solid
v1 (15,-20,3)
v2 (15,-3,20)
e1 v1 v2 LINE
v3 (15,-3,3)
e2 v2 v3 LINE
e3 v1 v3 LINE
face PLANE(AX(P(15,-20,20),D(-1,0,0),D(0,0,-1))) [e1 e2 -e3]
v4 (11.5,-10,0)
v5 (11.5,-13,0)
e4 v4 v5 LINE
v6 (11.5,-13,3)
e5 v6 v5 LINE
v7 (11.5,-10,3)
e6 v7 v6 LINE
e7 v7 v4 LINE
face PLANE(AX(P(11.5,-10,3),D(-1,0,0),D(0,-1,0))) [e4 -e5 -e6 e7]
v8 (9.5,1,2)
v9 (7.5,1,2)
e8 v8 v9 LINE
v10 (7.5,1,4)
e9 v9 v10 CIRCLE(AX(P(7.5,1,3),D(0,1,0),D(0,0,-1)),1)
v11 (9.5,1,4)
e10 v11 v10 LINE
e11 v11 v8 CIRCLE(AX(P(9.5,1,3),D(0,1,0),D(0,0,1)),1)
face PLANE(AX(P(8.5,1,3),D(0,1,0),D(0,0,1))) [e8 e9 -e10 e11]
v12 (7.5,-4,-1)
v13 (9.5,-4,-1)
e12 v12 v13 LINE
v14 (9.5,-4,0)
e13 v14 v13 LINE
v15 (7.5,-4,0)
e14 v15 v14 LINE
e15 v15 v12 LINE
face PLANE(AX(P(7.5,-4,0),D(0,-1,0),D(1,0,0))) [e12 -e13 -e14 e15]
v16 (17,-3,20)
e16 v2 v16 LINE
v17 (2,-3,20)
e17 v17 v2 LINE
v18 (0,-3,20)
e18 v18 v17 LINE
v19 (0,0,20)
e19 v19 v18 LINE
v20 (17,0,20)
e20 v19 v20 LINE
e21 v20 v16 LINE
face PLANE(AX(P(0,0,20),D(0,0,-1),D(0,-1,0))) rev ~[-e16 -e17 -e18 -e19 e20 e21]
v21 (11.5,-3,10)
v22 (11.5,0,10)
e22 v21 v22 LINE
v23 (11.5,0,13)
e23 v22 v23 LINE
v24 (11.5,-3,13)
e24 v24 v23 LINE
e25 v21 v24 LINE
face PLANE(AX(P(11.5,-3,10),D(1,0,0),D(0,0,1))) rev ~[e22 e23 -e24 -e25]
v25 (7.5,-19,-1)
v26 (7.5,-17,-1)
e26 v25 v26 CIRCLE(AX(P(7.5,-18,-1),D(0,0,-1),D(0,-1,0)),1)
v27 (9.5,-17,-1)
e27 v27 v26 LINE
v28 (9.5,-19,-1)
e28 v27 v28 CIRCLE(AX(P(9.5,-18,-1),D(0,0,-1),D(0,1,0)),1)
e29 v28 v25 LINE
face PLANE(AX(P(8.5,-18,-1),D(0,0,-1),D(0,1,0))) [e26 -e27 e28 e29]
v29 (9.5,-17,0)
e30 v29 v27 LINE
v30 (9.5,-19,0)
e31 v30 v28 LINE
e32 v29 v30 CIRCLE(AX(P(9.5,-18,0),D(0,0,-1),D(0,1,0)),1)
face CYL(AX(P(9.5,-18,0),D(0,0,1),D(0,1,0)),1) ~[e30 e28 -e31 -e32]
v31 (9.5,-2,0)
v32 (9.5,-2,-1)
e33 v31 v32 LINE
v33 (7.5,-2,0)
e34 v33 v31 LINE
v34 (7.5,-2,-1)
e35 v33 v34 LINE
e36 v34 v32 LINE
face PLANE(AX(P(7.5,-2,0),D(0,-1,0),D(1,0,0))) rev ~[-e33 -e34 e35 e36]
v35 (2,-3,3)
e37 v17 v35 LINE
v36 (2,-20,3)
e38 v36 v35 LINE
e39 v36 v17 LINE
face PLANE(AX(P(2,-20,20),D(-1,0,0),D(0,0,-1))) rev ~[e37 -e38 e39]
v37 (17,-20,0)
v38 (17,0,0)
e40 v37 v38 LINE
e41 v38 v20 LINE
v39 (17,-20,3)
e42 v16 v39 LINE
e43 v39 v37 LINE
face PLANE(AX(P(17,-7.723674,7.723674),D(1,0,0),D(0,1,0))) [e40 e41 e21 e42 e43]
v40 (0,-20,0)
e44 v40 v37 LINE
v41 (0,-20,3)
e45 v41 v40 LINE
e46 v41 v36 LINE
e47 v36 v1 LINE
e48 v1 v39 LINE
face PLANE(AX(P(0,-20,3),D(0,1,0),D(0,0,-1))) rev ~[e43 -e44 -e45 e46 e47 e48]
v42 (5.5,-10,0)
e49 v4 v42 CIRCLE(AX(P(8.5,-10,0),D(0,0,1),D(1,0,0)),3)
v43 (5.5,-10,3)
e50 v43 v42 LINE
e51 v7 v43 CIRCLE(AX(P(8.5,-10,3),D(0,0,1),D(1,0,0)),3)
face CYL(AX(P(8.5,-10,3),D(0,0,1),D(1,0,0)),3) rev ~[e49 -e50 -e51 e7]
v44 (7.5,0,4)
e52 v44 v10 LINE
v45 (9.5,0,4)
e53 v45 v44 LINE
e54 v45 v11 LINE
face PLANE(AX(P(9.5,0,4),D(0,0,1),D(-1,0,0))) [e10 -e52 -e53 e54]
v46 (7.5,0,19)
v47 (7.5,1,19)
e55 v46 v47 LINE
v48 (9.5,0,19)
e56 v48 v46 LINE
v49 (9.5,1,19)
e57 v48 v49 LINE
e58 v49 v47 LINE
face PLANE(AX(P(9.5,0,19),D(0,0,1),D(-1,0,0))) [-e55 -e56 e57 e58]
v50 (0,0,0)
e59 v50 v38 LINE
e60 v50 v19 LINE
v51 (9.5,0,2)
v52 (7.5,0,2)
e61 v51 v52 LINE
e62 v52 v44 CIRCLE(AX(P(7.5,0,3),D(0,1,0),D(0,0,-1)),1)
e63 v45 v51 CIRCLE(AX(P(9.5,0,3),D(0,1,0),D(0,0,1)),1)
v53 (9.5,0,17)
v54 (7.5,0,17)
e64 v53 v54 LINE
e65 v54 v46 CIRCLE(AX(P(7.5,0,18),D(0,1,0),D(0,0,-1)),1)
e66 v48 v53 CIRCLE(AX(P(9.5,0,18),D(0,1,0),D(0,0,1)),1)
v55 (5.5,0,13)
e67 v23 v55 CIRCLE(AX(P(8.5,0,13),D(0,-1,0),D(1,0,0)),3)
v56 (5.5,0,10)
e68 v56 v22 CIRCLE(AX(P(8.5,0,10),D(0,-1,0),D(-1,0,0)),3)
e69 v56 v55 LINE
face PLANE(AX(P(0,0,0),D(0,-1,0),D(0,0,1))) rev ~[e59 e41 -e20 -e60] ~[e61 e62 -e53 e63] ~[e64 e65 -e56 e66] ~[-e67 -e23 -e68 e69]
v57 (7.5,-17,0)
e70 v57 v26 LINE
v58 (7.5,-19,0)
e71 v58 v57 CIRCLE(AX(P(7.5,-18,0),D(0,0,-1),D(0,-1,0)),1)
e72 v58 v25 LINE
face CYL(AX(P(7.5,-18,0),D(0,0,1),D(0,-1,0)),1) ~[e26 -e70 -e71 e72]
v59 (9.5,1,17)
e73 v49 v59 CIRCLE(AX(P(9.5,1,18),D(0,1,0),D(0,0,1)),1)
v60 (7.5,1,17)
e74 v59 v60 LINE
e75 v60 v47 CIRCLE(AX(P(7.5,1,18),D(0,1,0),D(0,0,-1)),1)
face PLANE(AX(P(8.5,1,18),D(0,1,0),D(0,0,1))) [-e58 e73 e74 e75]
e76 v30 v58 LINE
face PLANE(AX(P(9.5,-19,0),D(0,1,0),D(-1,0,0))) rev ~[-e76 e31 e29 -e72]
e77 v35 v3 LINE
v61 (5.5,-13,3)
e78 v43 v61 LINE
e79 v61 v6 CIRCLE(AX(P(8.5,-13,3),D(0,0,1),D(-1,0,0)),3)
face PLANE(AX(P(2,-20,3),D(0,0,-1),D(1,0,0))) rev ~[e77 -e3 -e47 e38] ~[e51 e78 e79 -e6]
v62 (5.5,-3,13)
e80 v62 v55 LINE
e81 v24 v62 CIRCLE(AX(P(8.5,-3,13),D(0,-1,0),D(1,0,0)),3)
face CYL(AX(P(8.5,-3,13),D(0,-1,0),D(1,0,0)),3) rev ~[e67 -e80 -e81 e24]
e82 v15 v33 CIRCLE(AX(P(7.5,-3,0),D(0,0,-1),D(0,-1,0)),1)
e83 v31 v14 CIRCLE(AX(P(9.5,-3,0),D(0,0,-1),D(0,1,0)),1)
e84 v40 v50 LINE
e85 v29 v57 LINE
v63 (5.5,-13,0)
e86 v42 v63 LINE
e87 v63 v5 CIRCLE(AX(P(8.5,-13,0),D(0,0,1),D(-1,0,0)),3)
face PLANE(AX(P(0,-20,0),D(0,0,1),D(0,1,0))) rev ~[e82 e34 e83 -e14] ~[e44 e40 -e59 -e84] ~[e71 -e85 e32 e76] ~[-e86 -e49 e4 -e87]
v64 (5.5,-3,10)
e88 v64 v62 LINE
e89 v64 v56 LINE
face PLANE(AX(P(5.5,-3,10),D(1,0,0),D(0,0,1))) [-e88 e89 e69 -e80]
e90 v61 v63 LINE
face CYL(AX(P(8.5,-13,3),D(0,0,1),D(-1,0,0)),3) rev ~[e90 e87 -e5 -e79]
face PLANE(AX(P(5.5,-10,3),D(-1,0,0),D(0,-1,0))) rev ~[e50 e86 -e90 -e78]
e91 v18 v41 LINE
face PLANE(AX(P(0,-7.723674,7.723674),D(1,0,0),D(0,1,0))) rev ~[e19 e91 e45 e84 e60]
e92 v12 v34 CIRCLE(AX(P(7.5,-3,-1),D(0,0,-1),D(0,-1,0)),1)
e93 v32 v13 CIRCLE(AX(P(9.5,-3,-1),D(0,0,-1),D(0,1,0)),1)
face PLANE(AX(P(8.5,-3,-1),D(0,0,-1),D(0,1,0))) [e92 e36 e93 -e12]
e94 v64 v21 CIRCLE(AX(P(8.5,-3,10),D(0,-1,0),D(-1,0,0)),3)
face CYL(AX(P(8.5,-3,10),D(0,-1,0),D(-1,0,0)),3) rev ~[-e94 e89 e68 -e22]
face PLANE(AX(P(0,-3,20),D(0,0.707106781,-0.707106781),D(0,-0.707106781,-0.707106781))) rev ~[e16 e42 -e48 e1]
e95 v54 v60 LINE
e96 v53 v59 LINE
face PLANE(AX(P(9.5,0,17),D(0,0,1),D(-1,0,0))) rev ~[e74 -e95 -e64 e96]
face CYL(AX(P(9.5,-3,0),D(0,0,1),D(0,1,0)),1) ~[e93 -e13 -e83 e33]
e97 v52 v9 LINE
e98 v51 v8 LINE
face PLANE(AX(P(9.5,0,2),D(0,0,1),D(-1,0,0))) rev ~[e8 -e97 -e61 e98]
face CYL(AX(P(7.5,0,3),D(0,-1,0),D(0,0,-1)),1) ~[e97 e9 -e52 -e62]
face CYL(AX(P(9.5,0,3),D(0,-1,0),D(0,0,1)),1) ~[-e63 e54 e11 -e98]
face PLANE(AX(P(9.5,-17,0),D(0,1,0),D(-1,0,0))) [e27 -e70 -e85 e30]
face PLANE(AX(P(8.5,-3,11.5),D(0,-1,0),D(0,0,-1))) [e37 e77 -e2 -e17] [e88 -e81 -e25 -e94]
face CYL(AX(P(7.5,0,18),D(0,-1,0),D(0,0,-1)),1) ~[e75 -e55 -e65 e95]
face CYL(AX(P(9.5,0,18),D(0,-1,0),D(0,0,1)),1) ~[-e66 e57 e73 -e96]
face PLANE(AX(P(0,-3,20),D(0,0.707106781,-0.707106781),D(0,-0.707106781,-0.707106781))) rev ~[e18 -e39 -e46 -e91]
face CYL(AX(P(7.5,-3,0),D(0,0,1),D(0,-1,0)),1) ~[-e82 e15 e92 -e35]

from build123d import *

# Parameters (mm, degrees)
PAD_DEPTH       = 17
SKETCH001_W     = 17
SKETCH001_H     = 13
POCKET_DEPTH    = 17
POCKET001_DEPTH = 3
POCKET002_DEPTH = 3
PAD001_DEPTH    = 1
PAD002_DEPTH    = 1


with BuildPart() as part:
    # Sketch → Pad (new body)
    with BuildSketch(Plane.YZ):
        Polygon((0, 0), (0, 20), (-3, 20), (-20, 3), (-20, 0), align=None)
    extrude(amount=PAD_DEPTH)

    # Sketch001 (on Face4 of Pad) → Pocket (cut)
    with BuildSketch(Plane(origin=(0, -20, 0), x_dir=(0, 0, -1), z_dir=(0, -1, 0))):
        with Locations((-11.5, 8.5)):
            Rectangle(SKETCH001_W, SKETCH001_H)
    extrude(amount=-POCKET_DEPTH, mode=Mode.SUBTRACT)

    # Sketch002 (on Face8 of Pocket) → Pocket001 (cut)
    with BuildSketch(Plane(origin=(0, -3, 0), x_dir=(0, 0, -1), z_dir=(0, -1, 0))):
        with BuildLine():
            ThreePointArc((-10, 5.5), (-7, 8.5), (-10, 11.5))
            Line((-10, 11.5), (-13, 11.5))
            ThreePointArc((-13, 11.5), (-16, 8.5), (-13, 5.5))
            Line((-10, 5.5), (-13, 5.5))
        make_face()
    extrude(amount=-POCKET001_DEPTH, mode=Mode.SUBTRACT)

    # Sketch003 (on Face14 of Pocket001) → Pocket002 (cut)
    with BuildSketch(Plane(origin=(0, 0, 3), x_dir=(0, -1, 0), z_dir=(0, 0, 1))):
        with BuildLine():
            ThreePointArc((10, 11.5), (7, 8.5), (10, 5.5))
            Line((10, 5.5), (13, 5.5))
            ThreePointArc((13, 5.5), (16, 8.5), (13, 11.5))
            Line((10, 11.5), (13, 11.5))
        make_face()
    extrude(amount=-POCKET002_DEPTH, mode=Mode.SUBTRACT)

    # Sketch004 (on Face1 of Pocket002) → Pad001 (join)
    with BuildSketch(Plane.ZX):
        with BuildLine():
            ThreePointArc((4, 9.5), (3, 10.5), (2, 9.5))
            Line((2, 9.5), (2, 7.5))
            ThreePointArc((2, 7.5), (3, 6.5), (4, 7.5))
            Line((4, 9.5), (4, 7.5))
        make_face()
        with BuildLine():
            ThreePointArc((19, 9.5), (18, 10.5), (17, 9.5))
            Line((17, 9.5), (17, 7.5))
            ThreePointArc((17, 7.5), (18, 6.5), (19, 7.5))
            Line((19, 9.5), (19, 7.5))
        make_face()
    extrude(amount=PAD001_DEPTH)

    # Sketch005 (on Face2 of Pad001) → Pad002 (join)
    with BuildSketch(Plane.YX):
        with BuildLine():
            ThreePointArc((-4, 7.5), (-3, 6.5), (-2, 7.5))
            Line((-2, 7.5), (-2, 9.5))
            ThreePointArc((-2, 9.5), (-3, 10.5), (-4, 9.5))
            Line((-4, 7.5), (-4, 9.5))
        make_face()
        with BuildLine():
            ThreePointArc((-17, 9.5), (-18, 10.5), (-19, 9.5))
            Line((-19, 9.5), (-19, 7.5))
            ThreePointArc((-19, 7.5), (-18, 6.5), (-17, 7.5))
            Line((-17, 9.5), (-17, 7.5))
        make_face()
    extrude(amount=PAD002_DEPTH)


solid = part.part
